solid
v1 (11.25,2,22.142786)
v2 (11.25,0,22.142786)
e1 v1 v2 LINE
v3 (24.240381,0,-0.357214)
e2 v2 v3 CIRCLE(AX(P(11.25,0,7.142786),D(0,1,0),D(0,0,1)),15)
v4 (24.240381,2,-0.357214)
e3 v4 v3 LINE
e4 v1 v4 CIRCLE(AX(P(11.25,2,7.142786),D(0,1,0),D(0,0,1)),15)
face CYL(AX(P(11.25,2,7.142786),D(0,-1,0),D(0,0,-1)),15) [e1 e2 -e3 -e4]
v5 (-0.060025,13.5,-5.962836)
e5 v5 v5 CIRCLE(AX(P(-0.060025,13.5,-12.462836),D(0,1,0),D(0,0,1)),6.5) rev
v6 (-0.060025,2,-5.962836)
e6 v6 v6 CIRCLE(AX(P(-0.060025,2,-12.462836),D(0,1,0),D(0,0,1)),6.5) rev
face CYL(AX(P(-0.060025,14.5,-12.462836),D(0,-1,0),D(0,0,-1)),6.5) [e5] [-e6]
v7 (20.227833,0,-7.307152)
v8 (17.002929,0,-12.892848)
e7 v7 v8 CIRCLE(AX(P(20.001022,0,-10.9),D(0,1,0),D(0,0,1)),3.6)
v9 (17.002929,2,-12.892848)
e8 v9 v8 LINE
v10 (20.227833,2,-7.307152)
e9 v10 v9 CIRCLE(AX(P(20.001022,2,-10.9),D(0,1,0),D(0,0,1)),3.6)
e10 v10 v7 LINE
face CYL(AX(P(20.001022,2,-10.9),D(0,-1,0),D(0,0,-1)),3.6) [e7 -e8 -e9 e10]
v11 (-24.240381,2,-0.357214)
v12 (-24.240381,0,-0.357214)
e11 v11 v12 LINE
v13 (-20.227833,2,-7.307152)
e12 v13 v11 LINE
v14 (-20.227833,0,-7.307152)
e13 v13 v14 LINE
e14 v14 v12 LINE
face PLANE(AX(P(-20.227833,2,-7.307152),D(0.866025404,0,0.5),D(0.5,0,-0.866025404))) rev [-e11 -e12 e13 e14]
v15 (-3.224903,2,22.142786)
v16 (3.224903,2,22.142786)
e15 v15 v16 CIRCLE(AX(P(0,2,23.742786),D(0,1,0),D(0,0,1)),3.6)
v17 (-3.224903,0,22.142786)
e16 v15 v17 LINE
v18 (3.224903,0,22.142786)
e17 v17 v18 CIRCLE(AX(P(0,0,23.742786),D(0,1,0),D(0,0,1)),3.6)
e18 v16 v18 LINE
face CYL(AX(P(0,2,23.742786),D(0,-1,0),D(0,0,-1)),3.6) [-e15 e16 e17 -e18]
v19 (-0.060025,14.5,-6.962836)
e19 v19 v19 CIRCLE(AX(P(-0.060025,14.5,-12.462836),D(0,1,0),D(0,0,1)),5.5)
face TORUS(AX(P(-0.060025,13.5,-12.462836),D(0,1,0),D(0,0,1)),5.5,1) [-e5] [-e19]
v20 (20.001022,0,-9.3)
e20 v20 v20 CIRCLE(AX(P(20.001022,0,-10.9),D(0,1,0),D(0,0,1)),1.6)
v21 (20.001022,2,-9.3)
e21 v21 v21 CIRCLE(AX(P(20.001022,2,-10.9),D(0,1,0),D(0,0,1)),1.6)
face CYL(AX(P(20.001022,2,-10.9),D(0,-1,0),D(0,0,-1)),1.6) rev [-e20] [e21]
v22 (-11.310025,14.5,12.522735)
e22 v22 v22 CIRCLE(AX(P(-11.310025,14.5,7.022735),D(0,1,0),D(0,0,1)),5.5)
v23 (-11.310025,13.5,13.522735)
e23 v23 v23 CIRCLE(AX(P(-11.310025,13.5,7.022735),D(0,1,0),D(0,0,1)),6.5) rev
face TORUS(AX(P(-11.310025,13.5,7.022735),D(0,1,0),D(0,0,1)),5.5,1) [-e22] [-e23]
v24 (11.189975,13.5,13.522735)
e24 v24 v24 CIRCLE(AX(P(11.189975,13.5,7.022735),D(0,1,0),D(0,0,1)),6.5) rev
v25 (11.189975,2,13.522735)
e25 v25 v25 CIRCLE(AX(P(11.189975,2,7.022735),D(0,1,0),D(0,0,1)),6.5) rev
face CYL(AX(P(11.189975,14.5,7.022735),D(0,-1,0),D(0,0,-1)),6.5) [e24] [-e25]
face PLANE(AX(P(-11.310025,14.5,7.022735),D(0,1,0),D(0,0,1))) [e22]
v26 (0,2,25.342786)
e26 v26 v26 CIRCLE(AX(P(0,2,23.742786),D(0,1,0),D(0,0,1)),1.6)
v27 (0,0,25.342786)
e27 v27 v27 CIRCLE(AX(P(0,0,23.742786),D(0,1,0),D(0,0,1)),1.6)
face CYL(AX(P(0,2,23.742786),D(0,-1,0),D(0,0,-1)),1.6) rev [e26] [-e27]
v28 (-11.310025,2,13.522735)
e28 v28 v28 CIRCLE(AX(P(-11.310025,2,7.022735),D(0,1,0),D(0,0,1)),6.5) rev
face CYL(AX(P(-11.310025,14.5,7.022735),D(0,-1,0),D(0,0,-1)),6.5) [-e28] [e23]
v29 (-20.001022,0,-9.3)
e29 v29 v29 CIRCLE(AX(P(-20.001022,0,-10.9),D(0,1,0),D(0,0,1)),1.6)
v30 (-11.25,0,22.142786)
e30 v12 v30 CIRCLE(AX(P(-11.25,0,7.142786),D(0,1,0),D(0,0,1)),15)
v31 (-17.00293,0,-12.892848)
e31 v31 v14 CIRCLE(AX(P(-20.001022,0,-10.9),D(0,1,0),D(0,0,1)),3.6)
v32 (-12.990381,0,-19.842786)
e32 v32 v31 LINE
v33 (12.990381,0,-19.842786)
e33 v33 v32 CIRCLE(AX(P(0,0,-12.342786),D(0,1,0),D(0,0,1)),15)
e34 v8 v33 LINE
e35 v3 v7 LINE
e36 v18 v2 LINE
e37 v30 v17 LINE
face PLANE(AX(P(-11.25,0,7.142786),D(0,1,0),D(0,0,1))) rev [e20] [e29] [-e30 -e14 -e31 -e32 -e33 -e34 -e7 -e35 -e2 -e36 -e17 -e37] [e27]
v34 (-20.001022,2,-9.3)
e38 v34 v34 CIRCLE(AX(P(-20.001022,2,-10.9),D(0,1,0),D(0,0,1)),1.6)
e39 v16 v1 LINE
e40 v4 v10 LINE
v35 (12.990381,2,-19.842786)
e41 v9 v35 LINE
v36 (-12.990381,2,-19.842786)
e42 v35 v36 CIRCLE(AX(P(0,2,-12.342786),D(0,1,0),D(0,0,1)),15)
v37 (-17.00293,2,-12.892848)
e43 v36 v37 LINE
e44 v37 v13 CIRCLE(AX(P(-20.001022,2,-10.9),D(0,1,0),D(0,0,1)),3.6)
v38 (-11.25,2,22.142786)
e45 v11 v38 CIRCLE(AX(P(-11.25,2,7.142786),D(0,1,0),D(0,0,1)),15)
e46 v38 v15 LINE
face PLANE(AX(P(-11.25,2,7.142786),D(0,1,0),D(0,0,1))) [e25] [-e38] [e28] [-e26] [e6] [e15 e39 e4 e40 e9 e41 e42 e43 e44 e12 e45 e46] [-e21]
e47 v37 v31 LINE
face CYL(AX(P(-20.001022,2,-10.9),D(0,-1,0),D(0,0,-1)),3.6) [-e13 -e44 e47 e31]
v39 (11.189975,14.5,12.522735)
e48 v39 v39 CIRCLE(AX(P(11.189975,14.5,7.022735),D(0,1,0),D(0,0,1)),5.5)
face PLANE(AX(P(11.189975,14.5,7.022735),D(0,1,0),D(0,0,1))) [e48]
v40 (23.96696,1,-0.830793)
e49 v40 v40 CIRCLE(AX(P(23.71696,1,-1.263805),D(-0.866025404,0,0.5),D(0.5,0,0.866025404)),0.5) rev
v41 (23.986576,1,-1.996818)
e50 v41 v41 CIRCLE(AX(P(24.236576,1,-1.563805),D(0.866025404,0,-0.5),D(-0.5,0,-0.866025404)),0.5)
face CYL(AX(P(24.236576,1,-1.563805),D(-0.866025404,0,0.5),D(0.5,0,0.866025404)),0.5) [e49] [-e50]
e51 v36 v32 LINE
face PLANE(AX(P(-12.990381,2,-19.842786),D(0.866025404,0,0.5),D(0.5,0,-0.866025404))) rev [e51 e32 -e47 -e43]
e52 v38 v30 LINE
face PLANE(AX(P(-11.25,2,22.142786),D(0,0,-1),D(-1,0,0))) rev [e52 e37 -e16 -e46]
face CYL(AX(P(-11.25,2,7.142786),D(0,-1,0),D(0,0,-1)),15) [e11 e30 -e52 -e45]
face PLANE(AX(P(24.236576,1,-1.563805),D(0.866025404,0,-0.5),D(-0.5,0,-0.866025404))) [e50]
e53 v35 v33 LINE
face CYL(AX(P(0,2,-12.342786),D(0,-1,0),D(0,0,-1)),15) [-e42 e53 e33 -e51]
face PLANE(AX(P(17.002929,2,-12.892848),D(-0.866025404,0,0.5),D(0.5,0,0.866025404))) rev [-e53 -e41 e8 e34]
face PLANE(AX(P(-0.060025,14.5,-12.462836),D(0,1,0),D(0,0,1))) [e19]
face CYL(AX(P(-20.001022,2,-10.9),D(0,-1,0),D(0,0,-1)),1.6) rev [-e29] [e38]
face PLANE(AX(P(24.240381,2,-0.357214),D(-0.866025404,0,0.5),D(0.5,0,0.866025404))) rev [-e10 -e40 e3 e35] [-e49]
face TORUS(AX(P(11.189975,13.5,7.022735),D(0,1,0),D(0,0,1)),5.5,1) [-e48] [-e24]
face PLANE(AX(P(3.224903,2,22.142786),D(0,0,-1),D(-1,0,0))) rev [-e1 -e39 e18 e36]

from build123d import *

# Parameters (mm, degrees)
SKETCH5_R           = 1.6
BOSS_EXTRUDE2_DEPTH = 2
SKETCH6_R           = 6.5
BOSS_EXTRUDE3_DEPTH = 14.5
FILLET1_R           = 1
SKETCH7_R           = 0.5
BOSS_EXTRUDE4_DEPTH = 0.6


with BuildPart() as part:
    # Sketch5 → Boss-Extrude2 (new body)
    with BuildSketch(Plane(origin=(0, 0, 0), x_dir=(1, 0, 0), z_dir=(0, 1, 0))):
        with BuildLine():
            Line((-11.250000051, -22.142785594), (-3.22490315, -22.142785594))
            ThreePointArc((-3.22490315, -22.142785594), (-5.1e-08, -27.342785594), (3.224903048, -22.142785594))
            Line((3.224903048, -22.142785594), (11.249999949, -22.142785594))
            ThreePointArc((11.249999949, -22.142785594), (24.240381006, -14.642785594), (24.240381006, 0.357214406))
            Line((24.240381006, 0.357214406), (20.227832555, 7.30715219))
            ThreePointArc((20.227832555, 7.30715219), (23.118713105, 12.700000199), (17.002929456, 12.892848208))
            Line((17.002929456, 12.892848208), (12.990381006, 19.842785992))
            ThreePointArc((12.990381006, 19.842785992), (-5.1e-08, 27.342785992), (-12.990381108, 19.842785992))
            Line((-12.990381108, 19.842785992), (-17.002929558, 12.892848208))
            ThreePointArc((-17.002929558, 12.892848208), (-23.118713208, 12.700000199), (-20.227832658, 7.30715219))
            Line((-20.227832658, 7.30715219), (-24.240381108, 0.357214406))
            ThreePointArc((-24.240381108, 0.357214406), (-24.240381108, -14.642785594), (-11.250000051, -22.142785594))
        make_face()
        with Locations((20.001021652, 10.900000199)):
            Circle(SKETCH5_R, mode=Mode.SUBTRACT)
        with Locations((-5.1e-08, -23.742785594)):
            Circle(SKETCH5_R, mode=Mode.SUBTRACT)
        with Locations((-20.001021754, 10.900000199)):
            Circle(SKETCH5_R, mode=Mode.SUBTRACT)
    extrude(amount=BOSS_EXTRUDE2_DEPTH)

    # Sketch6 → Boss-Extrude3 (add)
    with BuildSketch(Plane(origin=(0, 0, 0), x_dir=(1, 0, 0), z_dir=(0, 1, 0))):
        with Locations((-0.060025126, 12.462836141)):
            Circle(SKETCH6_R)
        with Locations((11.189974874, -7.022735444)):
            Circle(SKETCH6_R)
        with Locations((-11.310025126, -7.022735444)):
            Circle(SKETCH6_R)
    extrude(amount=BOSS_EXTRUDE3_DEPTH)

    # Fillet1
    fillet1_edges = [part.edges().sort_by_distance(p)[0] for p in [
        (-6.560025126, 14.5, -12.462836141),
        (4.689974874, 14.5, 7.022735444),
        (-17.810025126, 14.5, 7.022735444),
    ]]
    fillet(fillet1_edges, radius=FILLET1_R)

    # Sketch7 → Boss-Extrude4 (add)
    with BuildSketch(Plane(origin=(18.334964129, 0, -10.585696476), x_dir=(-0.5, 0, -0.866025404), z_dir=(0.866025404, 0, -0.5))):
        with Locations((-10.763992659, 1)):
            Circle(SKETCH7_R)
    extrude(amount=BOSS_EXTRUDE4_DEPTH)


solid = part.part
